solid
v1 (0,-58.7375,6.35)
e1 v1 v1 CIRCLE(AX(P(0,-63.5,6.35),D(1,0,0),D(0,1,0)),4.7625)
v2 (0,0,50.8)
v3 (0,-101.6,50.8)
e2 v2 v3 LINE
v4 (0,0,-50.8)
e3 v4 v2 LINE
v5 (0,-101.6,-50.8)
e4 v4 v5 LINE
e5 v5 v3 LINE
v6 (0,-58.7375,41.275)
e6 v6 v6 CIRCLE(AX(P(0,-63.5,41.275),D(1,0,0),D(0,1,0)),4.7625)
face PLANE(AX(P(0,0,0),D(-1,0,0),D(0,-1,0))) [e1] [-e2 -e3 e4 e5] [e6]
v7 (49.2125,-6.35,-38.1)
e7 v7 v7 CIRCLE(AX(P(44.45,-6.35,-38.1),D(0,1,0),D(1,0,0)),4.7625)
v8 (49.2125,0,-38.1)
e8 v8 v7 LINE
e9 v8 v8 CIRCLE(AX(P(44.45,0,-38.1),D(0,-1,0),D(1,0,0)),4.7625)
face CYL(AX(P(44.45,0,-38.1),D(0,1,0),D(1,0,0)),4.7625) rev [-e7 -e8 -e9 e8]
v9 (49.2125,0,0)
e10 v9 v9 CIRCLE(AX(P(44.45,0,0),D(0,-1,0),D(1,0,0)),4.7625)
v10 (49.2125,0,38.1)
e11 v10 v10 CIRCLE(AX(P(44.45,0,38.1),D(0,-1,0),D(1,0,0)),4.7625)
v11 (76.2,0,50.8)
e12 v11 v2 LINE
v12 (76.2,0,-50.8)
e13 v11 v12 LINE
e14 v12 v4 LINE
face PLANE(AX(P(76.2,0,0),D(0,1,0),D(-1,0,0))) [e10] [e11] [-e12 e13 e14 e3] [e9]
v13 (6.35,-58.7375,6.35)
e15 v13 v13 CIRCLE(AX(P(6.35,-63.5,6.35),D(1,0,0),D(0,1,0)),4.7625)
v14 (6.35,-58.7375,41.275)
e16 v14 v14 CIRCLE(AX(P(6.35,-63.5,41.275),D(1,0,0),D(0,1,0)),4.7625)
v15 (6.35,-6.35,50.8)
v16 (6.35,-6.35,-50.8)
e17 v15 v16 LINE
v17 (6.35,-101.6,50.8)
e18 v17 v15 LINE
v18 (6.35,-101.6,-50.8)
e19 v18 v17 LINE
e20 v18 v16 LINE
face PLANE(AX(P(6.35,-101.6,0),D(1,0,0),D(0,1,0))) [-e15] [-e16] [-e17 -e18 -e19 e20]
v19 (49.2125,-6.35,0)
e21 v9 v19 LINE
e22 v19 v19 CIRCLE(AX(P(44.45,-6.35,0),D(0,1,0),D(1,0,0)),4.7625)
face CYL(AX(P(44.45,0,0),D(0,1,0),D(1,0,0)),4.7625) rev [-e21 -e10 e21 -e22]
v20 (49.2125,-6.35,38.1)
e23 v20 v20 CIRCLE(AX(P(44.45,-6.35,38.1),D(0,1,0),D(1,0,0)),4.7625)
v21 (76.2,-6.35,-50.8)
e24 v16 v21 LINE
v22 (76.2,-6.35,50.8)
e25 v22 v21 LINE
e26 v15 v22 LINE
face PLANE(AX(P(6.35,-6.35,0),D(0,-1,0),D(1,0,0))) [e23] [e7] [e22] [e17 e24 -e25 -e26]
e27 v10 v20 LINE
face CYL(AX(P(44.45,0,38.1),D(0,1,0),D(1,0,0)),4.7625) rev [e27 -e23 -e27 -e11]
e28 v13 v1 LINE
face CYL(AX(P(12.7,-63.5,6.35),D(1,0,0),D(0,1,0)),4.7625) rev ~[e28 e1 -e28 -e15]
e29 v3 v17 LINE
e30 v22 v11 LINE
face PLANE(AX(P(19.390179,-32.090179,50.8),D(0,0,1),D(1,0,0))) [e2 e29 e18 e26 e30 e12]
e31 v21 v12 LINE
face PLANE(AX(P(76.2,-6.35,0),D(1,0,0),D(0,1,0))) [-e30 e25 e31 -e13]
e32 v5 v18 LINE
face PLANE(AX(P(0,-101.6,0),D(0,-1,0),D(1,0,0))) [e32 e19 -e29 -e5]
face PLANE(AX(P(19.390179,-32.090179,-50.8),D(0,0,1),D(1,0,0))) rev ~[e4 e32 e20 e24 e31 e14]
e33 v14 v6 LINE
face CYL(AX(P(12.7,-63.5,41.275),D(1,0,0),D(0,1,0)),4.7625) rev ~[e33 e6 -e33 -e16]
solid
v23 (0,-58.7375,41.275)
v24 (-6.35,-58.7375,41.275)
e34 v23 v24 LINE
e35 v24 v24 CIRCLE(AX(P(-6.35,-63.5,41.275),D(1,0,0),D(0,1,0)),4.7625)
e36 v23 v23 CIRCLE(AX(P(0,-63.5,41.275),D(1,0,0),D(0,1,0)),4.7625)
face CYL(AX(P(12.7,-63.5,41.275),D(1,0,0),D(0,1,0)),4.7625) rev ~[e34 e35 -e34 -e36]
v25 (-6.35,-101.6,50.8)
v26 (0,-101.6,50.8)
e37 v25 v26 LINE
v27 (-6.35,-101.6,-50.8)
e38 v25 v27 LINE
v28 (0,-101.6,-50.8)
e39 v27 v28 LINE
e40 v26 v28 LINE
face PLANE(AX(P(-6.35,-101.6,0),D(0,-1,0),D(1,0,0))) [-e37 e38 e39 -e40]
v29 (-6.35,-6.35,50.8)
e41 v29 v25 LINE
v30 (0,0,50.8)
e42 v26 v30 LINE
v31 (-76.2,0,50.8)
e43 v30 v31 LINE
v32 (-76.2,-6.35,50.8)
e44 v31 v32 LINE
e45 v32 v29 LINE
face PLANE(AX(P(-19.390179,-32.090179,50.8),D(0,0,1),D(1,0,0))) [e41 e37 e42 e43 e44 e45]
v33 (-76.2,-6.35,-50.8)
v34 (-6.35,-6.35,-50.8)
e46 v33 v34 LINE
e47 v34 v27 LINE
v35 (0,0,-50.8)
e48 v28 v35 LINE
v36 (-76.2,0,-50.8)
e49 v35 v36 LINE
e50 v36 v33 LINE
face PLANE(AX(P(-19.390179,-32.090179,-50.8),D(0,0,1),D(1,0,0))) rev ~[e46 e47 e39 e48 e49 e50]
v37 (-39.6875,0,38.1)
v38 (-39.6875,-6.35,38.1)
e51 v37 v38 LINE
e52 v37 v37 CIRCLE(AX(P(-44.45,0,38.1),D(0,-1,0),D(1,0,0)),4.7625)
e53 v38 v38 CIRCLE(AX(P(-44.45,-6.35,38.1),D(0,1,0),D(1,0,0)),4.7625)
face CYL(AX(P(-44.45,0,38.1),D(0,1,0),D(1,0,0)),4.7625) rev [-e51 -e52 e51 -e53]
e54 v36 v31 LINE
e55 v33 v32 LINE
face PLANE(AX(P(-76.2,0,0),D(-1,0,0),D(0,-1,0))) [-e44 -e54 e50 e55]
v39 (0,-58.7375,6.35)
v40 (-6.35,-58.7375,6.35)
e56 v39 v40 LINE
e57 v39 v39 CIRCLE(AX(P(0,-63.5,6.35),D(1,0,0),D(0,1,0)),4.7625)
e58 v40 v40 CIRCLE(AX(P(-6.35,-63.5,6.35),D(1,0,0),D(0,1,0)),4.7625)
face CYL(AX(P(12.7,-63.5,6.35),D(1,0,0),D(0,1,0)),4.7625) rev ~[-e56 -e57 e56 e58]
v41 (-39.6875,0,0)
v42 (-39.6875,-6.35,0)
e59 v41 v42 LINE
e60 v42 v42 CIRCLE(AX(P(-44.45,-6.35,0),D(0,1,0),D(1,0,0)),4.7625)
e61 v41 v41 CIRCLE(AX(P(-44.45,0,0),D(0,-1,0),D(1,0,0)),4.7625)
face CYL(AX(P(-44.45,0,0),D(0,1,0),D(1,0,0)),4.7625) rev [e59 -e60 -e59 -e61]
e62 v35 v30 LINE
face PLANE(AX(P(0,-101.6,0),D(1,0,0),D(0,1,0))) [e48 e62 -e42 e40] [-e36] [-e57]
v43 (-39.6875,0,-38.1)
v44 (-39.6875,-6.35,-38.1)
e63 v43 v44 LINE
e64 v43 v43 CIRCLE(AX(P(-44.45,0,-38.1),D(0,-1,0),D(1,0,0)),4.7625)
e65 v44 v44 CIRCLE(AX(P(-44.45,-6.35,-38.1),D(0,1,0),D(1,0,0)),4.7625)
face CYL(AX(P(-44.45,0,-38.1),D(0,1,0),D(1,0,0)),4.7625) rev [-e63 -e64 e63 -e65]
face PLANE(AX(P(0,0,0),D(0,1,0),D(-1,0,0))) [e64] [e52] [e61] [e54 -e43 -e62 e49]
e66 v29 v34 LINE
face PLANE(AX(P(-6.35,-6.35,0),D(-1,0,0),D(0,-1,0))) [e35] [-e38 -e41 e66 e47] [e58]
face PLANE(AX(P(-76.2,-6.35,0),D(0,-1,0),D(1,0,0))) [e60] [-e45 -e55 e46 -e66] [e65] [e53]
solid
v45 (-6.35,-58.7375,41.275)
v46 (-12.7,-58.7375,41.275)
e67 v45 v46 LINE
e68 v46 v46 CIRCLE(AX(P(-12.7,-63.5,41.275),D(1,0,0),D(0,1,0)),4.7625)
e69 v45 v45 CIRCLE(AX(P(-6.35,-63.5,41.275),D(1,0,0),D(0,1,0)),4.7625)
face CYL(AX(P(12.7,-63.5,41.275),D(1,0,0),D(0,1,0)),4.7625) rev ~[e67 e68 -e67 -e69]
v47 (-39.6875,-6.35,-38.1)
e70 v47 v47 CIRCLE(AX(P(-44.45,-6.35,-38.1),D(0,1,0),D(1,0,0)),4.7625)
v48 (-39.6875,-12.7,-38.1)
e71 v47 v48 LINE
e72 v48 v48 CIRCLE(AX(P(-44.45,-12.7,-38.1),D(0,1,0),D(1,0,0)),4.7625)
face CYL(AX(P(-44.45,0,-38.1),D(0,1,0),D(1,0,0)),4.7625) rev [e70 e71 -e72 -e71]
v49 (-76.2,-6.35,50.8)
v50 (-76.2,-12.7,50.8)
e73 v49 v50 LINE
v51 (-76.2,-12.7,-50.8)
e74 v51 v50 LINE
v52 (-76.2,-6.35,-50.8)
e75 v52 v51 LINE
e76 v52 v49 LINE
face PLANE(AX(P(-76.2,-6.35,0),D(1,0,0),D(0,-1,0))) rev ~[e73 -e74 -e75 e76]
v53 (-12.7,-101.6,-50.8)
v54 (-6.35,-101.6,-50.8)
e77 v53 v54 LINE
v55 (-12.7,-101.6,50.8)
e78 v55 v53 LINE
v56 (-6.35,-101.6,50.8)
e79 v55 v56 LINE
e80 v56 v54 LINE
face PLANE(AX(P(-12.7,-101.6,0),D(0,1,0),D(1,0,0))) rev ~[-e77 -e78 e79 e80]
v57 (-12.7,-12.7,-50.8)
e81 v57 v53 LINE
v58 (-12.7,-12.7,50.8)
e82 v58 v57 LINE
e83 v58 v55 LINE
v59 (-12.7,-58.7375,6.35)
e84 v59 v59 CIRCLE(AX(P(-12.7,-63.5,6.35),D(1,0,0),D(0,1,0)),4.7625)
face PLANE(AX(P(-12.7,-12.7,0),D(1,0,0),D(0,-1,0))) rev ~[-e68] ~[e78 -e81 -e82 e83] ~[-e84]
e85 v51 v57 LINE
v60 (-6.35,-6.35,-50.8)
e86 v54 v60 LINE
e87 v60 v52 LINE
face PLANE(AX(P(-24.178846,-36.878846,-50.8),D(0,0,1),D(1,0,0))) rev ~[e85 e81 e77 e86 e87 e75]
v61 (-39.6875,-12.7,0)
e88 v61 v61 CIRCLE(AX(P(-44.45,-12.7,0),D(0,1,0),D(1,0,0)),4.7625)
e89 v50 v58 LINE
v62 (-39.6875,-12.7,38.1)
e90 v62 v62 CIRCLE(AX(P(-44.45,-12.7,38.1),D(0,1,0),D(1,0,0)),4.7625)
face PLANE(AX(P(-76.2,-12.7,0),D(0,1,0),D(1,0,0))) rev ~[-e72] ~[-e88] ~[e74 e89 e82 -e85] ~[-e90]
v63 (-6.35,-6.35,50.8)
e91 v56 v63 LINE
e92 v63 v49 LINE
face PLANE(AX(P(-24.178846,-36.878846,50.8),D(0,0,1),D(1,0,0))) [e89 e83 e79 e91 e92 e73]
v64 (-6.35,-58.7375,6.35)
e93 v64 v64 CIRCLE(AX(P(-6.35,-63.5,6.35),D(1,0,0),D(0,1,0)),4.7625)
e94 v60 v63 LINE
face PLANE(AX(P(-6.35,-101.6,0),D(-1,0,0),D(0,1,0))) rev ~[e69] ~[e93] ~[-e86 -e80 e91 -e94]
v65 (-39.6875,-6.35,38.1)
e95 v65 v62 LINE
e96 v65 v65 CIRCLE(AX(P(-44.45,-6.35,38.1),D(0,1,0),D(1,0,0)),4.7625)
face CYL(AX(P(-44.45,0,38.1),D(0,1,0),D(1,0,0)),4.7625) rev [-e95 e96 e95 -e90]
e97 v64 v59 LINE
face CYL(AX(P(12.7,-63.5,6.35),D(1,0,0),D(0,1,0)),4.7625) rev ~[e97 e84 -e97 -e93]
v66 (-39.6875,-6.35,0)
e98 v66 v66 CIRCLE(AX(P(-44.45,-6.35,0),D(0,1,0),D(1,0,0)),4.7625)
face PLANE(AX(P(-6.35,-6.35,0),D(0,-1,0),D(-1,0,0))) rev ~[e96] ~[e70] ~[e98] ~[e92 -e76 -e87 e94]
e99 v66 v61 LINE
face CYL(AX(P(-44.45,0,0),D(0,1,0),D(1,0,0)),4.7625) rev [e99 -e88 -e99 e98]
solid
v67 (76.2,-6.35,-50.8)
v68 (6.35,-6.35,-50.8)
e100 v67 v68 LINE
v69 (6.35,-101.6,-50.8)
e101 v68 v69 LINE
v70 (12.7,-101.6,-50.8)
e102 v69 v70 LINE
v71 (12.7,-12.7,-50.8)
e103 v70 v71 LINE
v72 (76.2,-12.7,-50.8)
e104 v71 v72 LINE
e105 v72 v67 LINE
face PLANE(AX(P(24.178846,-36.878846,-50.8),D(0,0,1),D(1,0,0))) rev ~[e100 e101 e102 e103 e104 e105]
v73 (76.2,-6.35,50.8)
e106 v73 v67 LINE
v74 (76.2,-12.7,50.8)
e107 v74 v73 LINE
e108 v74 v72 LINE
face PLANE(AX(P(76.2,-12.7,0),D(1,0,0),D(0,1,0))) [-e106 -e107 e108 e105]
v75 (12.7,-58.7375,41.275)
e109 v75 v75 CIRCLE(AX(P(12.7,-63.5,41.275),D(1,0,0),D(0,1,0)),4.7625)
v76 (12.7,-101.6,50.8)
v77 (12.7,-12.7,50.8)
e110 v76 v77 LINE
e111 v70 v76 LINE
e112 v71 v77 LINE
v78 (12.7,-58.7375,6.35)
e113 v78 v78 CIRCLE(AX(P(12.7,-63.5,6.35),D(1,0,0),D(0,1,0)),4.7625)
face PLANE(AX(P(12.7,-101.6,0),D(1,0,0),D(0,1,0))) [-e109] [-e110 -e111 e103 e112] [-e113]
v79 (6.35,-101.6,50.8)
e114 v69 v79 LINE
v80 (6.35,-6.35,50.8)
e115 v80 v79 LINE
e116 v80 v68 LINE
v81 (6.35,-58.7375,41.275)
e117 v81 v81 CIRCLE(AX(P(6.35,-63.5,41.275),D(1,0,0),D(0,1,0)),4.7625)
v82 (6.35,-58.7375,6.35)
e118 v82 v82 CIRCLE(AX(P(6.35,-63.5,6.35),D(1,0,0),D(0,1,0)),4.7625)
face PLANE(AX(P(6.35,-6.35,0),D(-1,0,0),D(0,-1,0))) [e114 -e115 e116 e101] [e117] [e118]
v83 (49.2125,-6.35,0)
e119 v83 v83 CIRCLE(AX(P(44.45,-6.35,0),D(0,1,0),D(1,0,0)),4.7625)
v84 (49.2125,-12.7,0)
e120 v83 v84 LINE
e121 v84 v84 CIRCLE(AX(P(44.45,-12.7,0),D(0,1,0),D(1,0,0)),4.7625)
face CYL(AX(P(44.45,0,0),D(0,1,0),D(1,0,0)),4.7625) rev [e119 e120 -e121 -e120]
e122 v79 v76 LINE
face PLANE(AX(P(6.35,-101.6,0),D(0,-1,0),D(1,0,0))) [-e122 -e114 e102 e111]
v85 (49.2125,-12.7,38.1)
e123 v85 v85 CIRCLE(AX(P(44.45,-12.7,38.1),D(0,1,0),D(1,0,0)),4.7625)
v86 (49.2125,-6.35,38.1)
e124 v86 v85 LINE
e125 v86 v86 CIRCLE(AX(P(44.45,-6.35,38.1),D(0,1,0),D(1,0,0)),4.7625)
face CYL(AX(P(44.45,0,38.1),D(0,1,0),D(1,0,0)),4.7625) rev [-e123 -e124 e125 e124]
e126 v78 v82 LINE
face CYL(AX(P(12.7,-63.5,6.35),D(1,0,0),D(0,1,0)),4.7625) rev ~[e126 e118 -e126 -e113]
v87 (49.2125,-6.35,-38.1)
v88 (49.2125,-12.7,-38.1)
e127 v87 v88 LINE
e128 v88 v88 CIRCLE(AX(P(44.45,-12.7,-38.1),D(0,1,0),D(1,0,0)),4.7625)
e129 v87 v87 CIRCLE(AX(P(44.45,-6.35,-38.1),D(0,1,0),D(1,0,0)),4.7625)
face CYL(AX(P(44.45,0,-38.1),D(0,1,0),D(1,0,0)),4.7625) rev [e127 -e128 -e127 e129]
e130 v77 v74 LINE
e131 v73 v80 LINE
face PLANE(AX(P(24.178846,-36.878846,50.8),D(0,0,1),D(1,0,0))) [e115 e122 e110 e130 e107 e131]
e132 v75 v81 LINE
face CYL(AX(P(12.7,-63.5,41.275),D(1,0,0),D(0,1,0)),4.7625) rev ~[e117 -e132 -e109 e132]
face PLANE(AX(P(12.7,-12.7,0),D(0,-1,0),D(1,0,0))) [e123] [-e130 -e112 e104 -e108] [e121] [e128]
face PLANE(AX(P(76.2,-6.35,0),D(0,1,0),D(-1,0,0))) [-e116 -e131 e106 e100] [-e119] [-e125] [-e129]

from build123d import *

# Parameters (mm, degrees)
F1_DEPTH = 50.8
F3_DEPTH = 50.8
F5_DEPTH = 50.8
F6_R     = 4.7625
F7_DEPTH = 101.601
F8_R     = 4.7625
F9_DEPTH = 88.901


with BuildPart() as f1:
    # F0 (on Top) → F1 (new body, symmetric)
    with BuildSketch(Plane.XY):
        Polygon((76.2, 0), (0, 0), (0, -101.6), (6.35, -101.6), (6.35, -6.35), (76.2, -6.35), align=None)
    extrude(amount=F1_DEPTH, both=True)


with BuildPart() as f3:
    # F2 (on Top) → F3 (new body, symmetric)
    with BuildSketch(Plane.XY):
        Polygon((0, -101.6), (0, 0), (-76.2, 0), (-76.2, -6.35), (-6.35, -6.35), (-6.35, -101.6), align=None)
    extrude(amount=F3_DEPTH, both=True)


with BuildPart() as f5:
    # F4 (on Top) → F5 (new body, symmetric)
    with BuildSketch(Plane.XY):
        Polygon((-6.35, -101.6), (-6.35, -6.35), (-76.2, -6.35), (-76.2, -12.7), (-12.7, -12.7), (-12.7, -101.6), align=None)
        Polygon((6.35, -6.35), (6.35, -101.6), (12.7, -101.6), (12.7, -12.7), (76.2, -12.7), (76.2, -6.35), align=None)
    extrude(amount=F5_DEPTH, both=True)


with BuildPart() as f7_tool:
    # F6 (on Front) → F7 (new body, through all)
    with BuildSketch(Plane.XZ):
        with Locations((44.45, 38.1)):
            Circle(F6_R)
        with Locations((44.45, 0)):
            Circle(F6_R)
        with Locations((44.45, -38.1)):
            Circle(F6_R)
        with Locations((-44.45, 38.1)):
            Circle(F6_R)
        with Locations((-44.45, 0)):
            Circle(F6_R)
        with Locations((-44.45, -38.1)):
            Circle(F6_R)
    extrude(amount=F7_DEPTH)


with BuildPart() as f1_1:
    add(f1.part)

    # F7: cut by f7_tool
    add(f7_tool.part, mode=Mode.SUBTRACT)


with BuildPart() as f3_1:
    add(f3.part)

    # F7: cut by f7_tool
    add(f7_tool.part, mode=Mode.SUBTRACT)


with BuildPart() as f5_1:
    add(f5.part)

    # F7: cut by f7_tool
    add(f7_tool.part, mode=Mode.SUBTRACT)


with BuildPart() as f9_tool:
    # F8 (on face) → F9 (new body, through all)
    with BuildSketch(Plane.YZ.offset(12.7)):
        with Locations((-63.5, 41.275)):
            Circle(F8_R)
        with Locations((-63.5, 6.35)):
            Circle(F8_R)
    extrude(amount=-F9_DEPTH)


with BuildPart() as f1_2:
    add(f1_1.part)

    # F9: cut by f9_tool
    add(f9_tool.part, mode=Mode.SUBTRACT)


with BuildPart() as f3_2:
    add(f3_1.part)

    # F9: cut by f9_tool
    add(f9_tool.part, mode=Mode.SUBTRACT)


with BuildPart() as f5_2:
    add(f5_1.part)

    # F9: cut by f9_tool
    add(f9_tool.part, mode=Mode.SUBTRACT)


solid = Compound([f1_2.part, f3_2.part, f5_2.part])
